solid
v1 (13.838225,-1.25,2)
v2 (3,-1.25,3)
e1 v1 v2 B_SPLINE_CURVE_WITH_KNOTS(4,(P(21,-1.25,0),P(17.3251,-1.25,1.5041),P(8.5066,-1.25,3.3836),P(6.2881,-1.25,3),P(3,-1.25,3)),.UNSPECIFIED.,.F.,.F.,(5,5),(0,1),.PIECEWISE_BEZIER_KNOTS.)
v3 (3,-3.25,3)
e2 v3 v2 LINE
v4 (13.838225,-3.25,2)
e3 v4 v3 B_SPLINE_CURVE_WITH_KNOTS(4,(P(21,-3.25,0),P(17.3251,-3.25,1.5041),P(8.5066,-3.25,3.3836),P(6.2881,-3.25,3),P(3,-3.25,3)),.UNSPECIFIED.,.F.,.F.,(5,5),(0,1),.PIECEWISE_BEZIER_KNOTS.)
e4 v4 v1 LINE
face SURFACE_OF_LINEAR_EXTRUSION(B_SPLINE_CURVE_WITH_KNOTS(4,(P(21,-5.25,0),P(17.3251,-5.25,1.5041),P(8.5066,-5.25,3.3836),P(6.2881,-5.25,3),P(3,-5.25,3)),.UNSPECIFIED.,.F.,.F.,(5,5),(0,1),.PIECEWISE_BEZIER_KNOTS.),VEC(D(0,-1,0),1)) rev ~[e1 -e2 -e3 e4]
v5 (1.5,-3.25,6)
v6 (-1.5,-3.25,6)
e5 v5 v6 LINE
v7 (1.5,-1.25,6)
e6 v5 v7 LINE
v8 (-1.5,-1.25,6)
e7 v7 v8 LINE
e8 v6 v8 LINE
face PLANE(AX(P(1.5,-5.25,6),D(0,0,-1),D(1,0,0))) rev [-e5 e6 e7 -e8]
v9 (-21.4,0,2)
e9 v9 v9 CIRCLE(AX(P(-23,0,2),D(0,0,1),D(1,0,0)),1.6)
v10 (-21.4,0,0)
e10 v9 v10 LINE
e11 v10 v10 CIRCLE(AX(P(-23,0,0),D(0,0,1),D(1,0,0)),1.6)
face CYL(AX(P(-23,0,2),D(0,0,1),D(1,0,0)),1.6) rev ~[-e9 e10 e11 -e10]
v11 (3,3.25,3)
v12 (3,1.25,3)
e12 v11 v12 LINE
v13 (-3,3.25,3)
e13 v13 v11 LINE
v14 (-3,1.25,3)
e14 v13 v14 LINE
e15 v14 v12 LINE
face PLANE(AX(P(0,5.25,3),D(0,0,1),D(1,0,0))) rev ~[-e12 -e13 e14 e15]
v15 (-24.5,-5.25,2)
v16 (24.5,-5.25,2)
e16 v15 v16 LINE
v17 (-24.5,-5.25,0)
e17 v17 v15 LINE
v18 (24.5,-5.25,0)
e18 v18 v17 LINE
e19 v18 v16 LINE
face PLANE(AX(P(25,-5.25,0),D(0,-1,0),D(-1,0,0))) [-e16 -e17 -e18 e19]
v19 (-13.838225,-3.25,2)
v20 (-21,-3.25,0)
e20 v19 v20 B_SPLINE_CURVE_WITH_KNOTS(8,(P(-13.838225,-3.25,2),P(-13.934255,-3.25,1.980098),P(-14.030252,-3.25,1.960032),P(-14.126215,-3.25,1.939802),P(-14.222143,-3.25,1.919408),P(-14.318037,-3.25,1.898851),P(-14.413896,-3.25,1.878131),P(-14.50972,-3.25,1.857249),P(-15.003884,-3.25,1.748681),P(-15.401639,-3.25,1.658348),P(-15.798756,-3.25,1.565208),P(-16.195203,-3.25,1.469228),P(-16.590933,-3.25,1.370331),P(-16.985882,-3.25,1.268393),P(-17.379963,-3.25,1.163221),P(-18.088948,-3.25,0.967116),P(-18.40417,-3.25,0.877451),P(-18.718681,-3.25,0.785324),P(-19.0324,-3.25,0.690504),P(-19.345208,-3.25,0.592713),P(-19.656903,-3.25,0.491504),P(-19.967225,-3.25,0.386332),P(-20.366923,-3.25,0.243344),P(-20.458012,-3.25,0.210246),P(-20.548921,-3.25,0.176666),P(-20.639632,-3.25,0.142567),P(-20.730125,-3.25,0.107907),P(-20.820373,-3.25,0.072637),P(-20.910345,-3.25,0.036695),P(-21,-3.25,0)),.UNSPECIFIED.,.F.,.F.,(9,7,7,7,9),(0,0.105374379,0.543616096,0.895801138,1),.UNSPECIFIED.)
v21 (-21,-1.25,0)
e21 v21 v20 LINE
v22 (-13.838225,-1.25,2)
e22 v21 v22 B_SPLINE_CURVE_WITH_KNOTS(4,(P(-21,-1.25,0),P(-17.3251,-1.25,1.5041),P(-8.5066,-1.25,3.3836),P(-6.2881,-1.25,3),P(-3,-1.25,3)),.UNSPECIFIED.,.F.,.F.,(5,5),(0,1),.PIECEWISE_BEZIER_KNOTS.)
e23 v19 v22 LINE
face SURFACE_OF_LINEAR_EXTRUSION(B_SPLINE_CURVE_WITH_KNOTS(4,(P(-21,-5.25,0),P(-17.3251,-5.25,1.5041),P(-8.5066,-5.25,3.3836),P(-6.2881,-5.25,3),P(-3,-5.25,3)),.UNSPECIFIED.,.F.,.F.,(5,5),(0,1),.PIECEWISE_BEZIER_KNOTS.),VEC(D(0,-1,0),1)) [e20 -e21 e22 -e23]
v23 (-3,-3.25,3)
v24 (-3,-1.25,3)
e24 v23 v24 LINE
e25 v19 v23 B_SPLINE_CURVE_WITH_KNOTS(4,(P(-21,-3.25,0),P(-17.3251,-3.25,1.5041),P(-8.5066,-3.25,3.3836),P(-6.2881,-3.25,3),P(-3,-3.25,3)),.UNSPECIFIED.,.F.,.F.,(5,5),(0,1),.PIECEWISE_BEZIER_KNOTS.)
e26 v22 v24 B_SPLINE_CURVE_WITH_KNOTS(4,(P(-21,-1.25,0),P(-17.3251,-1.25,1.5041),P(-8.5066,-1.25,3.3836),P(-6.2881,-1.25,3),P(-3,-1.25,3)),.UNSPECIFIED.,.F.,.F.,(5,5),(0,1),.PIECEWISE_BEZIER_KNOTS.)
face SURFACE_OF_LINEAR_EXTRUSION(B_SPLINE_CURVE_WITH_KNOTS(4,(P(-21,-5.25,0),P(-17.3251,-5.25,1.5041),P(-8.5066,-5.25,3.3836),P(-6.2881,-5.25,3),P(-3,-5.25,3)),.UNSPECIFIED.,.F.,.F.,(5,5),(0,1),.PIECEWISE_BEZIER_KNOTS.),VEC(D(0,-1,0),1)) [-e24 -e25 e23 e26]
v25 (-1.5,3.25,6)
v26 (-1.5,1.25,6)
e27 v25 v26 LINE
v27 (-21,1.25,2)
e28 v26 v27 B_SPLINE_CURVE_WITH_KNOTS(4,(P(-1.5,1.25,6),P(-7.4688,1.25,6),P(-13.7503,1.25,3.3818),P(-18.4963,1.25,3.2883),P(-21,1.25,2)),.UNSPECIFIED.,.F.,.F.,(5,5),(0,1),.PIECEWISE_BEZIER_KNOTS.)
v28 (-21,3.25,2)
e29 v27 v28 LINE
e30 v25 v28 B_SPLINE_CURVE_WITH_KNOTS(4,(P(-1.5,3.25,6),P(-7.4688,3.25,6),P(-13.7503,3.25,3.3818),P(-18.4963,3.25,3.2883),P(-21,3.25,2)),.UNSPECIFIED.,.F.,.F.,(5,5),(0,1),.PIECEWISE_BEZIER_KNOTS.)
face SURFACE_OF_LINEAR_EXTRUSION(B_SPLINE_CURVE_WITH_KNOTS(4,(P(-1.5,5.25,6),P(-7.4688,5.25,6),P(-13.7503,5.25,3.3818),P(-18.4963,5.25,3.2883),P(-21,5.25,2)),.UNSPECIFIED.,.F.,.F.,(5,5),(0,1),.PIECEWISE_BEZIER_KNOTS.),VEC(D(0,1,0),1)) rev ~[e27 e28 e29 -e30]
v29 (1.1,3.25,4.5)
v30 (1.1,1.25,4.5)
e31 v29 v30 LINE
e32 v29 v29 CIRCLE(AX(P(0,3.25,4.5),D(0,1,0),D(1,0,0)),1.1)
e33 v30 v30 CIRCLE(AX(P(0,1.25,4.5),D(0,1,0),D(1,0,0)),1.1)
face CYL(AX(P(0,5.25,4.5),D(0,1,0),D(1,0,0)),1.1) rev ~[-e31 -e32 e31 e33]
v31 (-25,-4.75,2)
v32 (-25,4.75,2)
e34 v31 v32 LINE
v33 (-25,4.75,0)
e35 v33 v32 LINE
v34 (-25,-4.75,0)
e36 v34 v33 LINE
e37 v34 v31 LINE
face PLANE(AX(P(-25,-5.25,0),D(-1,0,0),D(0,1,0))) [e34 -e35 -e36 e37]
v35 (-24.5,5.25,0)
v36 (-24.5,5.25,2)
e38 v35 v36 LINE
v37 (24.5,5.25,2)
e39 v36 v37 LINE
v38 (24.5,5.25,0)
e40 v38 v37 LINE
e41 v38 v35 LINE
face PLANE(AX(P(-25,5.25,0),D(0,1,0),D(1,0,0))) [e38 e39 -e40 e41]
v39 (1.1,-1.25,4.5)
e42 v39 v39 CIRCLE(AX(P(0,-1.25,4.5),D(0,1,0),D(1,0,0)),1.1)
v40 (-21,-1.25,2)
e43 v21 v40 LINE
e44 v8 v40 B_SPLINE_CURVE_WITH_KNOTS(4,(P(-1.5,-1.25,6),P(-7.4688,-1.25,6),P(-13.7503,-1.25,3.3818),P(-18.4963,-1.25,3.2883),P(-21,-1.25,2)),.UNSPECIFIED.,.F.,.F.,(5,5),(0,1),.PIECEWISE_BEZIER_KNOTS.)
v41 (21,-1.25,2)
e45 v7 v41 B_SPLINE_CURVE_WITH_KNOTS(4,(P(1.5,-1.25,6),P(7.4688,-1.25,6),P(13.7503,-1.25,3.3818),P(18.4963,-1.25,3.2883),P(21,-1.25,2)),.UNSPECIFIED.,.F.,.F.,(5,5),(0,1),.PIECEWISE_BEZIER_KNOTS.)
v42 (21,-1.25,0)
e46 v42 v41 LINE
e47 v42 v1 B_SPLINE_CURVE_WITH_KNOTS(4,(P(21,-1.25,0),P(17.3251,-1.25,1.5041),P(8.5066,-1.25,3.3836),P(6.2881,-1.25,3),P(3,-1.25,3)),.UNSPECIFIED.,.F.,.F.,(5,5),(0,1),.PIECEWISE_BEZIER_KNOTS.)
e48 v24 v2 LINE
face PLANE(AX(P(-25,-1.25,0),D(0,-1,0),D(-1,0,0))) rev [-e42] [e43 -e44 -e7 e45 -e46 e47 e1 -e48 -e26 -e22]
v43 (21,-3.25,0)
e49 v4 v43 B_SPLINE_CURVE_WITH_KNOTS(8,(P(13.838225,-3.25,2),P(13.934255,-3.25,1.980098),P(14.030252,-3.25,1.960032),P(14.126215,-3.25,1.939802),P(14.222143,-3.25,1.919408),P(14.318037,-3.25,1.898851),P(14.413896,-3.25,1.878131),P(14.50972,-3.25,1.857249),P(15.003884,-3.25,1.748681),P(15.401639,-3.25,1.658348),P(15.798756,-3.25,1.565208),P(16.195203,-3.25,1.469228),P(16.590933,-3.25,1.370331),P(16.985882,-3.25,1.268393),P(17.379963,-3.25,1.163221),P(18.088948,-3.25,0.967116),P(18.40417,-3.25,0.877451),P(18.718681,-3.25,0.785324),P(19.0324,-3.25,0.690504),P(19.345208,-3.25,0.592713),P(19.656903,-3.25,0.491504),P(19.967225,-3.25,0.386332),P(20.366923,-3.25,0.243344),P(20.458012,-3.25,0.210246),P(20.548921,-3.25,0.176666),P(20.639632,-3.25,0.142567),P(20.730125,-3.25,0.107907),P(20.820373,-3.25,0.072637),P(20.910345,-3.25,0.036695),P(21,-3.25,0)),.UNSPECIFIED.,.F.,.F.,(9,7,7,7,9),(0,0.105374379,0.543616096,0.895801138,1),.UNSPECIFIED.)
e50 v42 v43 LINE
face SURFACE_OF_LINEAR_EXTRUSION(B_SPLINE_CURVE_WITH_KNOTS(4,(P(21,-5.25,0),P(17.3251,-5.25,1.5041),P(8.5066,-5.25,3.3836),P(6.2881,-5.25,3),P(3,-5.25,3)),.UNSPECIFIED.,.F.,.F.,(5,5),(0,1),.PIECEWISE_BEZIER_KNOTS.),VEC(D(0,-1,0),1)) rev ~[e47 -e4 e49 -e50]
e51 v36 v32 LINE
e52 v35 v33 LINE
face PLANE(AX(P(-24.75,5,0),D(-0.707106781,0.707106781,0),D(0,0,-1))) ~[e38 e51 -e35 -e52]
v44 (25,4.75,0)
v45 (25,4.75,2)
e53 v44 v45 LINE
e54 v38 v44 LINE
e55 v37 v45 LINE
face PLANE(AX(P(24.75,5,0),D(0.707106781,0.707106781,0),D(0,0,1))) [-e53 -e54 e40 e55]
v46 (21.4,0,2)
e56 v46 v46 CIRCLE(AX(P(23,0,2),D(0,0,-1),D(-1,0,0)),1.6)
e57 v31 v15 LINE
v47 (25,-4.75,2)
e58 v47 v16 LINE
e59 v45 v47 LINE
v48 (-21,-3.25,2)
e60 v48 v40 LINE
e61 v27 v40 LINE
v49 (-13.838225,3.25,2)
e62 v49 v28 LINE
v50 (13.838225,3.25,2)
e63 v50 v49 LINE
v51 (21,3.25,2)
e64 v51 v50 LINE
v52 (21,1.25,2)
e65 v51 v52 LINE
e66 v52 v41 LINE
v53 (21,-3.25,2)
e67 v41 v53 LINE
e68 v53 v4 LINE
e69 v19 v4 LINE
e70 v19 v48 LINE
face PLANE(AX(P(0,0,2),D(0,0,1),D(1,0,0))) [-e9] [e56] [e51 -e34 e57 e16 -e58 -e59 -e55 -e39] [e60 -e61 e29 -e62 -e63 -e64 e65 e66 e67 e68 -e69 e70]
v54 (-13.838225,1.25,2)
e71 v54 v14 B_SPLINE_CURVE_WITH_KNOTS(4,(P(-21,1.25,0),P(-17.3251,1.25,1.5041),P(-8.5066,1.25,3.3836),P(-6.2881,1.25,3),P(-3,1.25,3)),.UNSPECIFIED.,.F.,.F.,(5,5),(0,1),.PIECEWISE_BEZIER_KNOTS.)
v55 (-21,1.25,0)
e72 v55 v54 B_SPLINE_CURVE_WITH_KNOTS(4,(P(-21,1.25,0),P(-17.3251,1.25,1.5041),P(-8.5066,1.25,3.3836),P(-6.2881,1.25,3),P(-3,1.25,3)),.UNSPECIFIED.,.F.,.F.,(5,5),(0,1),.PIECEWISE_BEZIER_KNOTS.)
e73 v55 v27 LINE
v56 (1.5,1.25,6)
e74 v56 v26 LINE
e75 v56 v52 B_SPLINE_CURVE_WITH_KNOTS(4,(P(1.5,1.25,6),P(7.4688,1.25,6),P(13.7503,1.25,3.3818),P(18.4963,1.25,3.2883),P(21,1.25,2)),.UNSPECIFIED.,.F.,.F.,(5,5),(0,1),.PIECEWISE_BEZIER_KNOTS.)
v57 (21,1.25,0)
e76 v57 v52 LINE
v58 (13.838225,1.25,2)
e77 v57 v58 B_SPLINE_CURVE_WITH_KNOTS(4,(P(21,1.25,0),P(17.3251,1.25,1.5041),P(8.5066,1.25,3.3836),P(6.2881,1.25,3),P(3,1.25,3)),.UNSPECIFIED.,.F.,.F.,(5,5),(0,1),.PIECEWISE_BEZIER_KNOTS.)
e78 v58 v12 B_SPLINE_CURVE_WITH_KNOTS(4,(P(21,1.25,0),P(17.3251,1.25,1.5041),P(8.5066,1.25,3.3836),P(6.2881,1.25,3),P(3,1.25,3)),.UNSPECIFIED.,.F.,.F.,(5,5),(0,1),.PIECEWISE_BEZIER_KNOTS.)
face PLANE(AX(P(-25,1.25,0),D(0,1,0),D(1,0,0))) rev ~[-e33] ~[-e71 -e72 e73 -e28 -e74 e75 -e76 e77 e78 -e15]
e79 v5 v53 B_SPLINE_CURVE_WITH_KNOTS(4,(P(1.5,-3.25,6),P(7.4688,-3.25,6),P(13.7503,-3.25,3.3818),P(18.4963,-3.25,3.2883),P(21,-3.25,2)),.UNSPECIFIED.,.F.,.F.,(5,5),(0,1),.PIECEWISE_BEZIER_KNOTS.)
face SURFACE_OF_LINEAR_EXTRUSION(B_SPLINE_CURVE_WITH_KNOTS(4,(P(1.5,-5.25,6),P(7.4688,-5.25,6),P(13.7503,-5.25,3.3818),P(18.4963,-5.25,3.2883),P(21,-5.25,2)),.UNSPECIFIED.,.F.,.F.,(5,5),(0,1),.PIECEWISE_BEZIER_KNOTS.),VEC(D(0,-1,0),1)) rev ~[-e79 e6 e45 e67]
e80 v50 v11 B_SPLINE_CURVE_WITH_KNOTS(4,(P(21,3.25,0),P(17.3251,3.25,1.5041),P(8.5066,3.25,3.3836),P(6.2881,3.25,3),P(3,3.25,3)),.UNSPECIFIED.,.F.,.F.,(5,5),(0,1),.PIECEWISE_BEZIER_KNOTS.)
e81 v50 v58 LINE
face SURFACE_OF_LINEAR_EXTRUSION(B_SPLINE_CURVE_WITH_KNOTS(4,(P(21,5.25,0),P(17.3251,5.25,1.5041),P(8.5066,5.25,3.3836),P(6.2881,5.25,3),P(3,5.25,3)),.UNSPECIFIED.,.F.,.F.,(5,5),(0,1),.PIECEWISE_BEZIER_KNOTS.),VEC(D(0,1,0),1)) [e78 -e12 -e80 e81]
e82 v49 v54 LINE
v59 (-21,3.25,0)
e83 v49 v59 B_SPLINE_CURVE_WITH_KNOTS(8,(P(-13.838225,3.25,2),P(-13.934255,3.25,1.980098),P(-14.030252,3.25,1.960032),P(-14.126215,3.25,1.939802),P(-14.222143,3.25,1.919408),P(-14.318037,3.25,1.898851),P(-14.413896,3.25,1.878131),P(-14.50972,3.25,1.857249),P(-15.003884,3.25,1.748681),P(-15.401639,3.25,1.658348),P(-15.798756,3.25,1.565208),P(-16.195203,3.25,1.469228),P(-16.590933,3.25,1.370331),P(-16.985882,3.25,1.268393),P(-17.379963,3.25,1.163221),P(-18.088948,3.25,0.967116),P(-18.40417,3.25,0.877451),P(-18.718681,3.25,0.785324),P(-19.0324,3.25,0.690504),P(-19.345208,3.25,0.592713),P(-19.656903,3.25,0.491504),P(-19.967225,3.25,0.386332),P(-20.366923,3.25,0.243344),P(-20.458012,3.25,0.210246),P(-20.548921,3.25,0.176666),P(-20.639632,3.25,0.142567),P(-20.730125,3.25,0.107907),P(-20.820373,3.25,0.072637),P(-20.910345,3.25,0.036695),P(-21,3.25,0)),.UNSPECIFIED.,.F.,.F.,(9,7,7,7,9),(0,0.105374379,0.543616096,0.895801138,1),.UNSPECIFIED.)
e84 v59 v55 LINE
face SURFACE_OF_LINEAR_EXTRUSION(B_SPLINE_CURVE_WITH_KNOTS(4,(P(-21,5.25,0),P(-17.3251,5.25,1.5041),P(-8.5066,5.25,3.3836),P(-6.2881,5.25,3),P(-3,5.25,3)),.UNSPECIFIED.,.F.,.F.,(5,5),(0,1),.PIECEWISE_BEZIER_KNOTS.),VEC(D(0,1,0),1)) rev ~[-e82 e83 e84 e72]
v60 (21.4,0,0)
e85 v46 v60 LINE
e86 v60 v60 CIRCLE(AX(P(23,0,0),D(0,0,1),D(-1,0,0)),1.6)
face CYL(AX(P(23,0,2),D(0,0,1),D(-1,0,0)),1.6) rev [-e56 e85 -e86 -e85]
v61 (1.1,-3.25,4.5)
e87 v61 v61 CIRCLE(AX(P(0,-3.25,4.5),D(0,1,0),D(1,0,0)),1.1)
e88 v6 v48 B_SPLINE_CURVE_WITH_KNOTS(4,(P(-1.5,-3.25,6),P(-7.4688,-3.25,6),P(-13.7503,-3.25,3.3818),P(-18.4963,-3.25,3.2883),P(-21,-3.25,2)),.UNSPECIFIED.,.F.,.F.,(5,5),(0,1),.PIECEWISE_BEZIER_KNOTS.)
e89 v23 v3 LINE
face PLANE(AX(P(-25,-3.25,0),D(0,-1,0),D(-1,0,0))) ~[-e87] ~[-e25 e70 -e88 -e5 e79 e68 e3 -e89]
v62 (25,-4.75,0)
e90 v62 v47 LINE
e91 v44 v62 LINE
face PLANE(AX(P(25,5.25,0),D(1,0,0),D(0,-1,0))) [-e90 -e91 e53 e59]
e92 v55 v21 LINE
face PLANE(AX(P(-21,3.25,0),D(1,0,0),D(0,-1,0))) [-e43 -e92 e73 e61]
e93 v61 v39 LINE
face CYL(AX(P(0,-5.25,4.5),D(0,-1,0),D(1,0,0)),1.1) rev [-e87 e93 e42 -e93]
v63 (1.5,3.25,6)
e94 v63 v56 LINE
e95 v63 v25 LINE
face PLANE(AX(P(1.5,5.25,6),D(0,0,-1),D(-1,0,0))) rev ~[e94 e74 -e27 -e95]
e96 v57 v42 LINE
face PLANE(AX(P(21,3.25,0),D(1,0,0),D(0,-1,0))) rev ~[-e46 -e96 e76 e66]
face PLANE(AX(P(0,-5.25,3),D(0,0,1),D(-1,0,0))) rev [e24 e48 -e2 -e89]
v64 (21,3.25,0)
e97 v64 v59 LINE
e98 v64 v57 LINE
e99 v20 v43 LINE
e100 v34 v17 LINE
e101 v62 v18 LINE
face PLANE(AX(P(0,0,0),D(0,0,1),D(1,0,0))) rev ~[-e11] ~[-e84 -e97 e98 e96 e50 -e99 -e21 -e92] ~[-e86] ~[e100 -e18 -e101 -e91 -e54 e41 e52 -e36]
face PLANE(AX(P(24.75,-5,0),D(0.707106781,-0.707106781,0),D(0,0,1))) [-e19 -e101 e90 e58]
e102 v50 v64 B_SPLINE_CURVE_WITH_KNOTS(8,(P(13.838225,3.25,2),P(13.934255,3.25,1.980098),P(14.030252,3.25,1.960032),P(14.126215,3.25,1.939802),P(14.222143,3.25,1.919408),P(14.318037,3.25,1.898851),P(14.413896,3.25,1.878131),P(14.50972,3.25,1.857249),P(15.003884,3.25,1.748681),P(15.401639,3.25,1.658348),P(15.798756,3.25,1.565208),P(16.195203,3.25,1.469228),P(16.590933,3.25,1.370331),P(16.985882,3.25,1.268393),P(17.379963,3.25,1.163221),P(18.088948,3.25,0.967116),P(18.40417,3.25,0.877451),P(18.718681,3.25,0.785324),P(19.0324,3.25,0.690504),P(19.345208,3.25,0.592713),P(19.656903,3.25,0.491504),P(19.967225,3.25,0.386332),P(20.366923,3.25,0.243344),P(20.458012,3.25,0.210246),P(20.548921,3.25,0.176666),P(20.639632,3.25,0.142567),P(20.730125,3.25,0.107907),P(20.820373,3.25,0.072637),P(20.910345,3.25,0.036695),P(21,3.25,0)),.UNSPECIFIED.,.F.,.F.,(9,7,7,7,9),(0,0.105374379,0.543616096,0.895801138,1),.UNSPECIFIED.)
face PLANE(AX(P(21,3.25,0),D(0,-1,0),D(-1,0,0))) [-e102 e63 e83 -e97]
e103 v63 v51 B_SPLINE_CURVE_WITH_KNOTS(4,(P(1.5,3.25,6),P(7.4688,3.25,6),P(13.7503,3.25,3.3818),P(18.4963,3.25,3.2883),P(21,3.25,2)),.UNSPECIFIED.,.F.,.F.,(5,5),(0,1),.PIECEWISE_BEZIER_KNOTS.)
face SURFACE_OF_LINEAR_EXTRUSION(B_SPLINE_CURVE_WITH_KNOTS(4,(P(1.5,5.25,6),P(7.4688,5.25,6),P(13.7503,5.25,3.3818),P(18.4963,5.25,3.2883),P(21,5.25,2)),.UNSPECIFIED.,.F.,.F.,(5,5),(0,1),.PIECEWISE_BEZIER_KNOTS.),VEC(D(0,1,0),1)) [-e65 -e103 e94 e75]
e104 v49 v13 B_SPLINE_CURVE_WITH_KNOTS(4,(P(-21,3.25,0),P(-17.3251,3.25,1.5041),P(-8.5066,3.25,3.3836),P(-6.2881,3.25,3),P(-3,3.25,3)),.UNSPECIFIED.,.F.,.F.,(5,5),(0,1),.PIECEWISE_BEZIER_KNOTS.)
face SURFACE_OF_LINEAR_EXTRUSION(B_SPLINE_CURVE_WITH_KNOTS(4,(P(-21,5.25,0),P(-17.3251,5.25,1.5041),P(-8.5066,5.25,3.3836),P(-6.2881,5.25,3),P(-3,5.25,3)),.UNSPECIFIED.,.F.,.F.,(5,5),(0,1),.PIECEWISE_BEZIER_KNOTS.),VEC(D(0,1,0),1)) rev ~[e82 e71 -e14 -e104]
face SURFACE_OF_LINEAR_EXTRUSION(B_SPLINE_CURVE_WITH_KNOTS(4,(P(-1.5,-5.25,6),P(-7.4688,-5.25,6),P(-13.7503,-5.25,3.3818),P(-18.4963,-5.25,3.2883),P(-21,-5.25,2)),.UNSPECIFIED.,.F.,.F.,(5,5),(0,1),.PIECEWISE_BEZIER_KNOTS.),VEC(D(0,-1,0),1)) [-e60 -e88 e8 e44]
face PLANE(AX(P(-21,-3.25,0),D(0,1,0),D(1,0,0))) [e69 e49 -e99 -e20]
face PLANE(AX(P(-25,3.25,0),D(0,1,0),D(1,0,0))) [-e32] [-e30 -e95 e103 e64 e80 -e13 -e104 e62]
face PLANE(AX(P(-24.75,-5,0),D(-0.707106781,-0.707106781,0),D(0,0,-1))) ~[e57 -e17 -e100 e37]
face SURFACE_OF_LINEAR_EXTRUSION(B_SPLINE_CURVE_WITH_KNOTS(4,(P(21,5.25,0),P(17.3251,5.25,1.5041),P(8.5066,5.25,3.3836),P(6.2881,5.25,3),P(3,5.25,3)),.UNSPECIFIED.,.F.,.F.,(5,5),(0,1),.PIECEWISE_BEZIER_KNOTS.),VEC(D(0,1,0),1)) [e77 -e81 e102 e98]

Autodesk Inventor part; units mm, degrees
ref_plane "YZ Plane" through (0, 0, 0) normal (1, 0, 0) x (0, 1, 0)
ref_plane "XZ Plane" through (0, 0, 0) normal (0, 1, 0) x (-1, 0, 0)
ref_plane "XY Plane" through (0, 0, 0) normal (0, 0, 1) x (1, 0, 0)
sketch "Эскиз1" plane through (0, 0, 0) normal (0, 0, 1) x (1, 0, 0)
  line L0 (-30, -12.5) -> (30, -12.5) construction
  line L1 (30, -12.5) -> (30, 12.5) construction
  line L2 (30, 12.5) -> (-30, 12.5) construction
  line L3 (-30, 12.5) -> (-30, -12.5) construction
  line L4 (-30, -12.5) -> (30, 12.5) construction
  line L5 (30, -12.5) -> (-30, 12.5) construction
  line L6 (-25, 5.25) -> (25, 5.25)
  line L7 (25, 5.25) -> (25, -5.25)
  line L8 (25, -5.25) -> (-25, -5.25)
  line L9 (-25, -5.25) -> (-25, 5.25)
  line L10 (-25, 5.25) -> (25, -5.25) construction
  line L11 (25, 5.25) -> (-25, -5.25) construction
  line L12 (21, 3.25) -> (-21, 3.25)
  line L13 (-21, -3.25) -> (21, -3.25)
  line L14 (21, 3.25) -> (21, -3.25)
  line L15 (-21, 3.25) -> (-21, -3.25)
  point P0 (0, 0)
  dimension "d0" = 60
  dimension "d1" = 25
  dimension "d2" = 50
  dimension "d3" = 10.5
  dimension "d4" = 2
  dimension "d15" = 4
  dimension "d16" = 4
  dimension "d27" = 2
extrude "Выдавливание1" add sketch "Эскиз1" along normal blind 2
sketch "Эскиз4" plane through (0, 0, 2) normal (0, 0, 1) x (1, 0, 0)
  circle A0 centre (-23, 0) radius 1.6
  line L0 (-21, -3.25) -> (-21, 3.25) projected
  point P0 (0, 0)
  dimension "d17" = 3.2
  dimension "d18" = 2
extrude "Выдавливание3" cut sketch "Эскиз4" against normal blind 3
mirror "Зеркальное отражение2" about plane through (0, 0, 0) normal (1, 0, 0) of "Выдавливание3"
chamfer "Фаска2" distance 0.5 angle 45 4 edges at (25, -5.25, 1) (-25, -5.25, 1) (-25, 5.25, 1) (25, 5.25, 1)
sketch "Эскиз2" plane through (-25, 5.25, 0) normal (0, 1, 0) x (1, 0, 0)
  spline S0 degree 4 poles (46, 0) (42.3251, -1.5041) (33.5066, -3.3836) (31.2881, -3) (28, -3) knots 0 0 0 0 0 1 1 1 1 1
  line L0 (25, 0) -> (25, -3) construction
  line L1 (25, -3) -> (28, -3)
  line L2 (26.5, -6) -> (23.5, -6)
  line L3 (25, -3) -> (25, -6)
  spline S1 degree 4 poles (26.5, -6) (32.4688, -6) (38.7503, -3.3818) (43.4963, -3.2883) (46, -2) knots 0 0 0 0 0 1 1 1 1 1
  circle A0 centre (25, -4.5) radius 1.1
  line L4 (46, 0) -> (46, -2)
  line L5 (50, -2) -> (0, -2) projected
  spline S2 degree 4 poles (4, 0) (7.6749, -1.5041) (16.4934, -3.3836) (18.7119, -3) (22, -3) knots 0 0 0 0 0 1 1 1 1 1
  line L6 (25, -3) -> (22, -3)
  line L7 (23.5, -6) -> (26.5, -6)
  spline S3 degree 4 poles (23.5, -6) (17.5312, -6) (11.2497, -3.3818) (6.5037, -3.2883) (4, -2) knots 0 0 0 0 0 1 1 1 1 1
  line L8 (4, 0) -> (4, -2)
  line L9 (50, 0) -> (0, 0) projected
  point P0 (37.5638, -2.2507)
  point P1 (31.2637, -3)
  point P2 (36.2453, -4.5)
  point P3 (42.8648, -3)
  point P4 (26.5, -3)
  point P5 (38.8382, -2)
  point P6 (12.4362, -2.2507)
  point P7 (18.7363, -3)
  point P8 (13.7547, -4.5)
  point P9 (7.1352, -3)
  point P10 (11.1618, -2)
  point P11 (4, -2)
  point P12 (23.5, -9)
  point P13 (4, -2)
  point P14 (45.3365, 0)
  point P15 (4, 0)
  point P16 (23.5, -3)
  point P17 (26.5, -6)
  dimension "d7" = 3
  dimension "d8" = 2.2
  dimension "d9" = 3
  dimension "d10" = 3
  dimension "d32" = 2
  dimension "d39" = 1
extrude "Выдавливание7" add sketch "Эскиз2" against normal blind 4 contours L4 L5 S0 | L5 S1 L2 L3 A0 L1 S0 | S2 L5 L8 | S2 L6 L3 A0 L2 S3 L5
extrude "Выдавливание8" cut sketch "Эскиз2" against normal blind 2 contours L5 S1 L2 L3 A0 L1 S0 | S2 L6 L3 A0 L2 S3 L5
mirror "Зеркальное отражение5" about plane through (0, 0, 0) normal (0, 1, 0) of "Выдавливание7", "Выдавливание8"
properties part number "мост"
